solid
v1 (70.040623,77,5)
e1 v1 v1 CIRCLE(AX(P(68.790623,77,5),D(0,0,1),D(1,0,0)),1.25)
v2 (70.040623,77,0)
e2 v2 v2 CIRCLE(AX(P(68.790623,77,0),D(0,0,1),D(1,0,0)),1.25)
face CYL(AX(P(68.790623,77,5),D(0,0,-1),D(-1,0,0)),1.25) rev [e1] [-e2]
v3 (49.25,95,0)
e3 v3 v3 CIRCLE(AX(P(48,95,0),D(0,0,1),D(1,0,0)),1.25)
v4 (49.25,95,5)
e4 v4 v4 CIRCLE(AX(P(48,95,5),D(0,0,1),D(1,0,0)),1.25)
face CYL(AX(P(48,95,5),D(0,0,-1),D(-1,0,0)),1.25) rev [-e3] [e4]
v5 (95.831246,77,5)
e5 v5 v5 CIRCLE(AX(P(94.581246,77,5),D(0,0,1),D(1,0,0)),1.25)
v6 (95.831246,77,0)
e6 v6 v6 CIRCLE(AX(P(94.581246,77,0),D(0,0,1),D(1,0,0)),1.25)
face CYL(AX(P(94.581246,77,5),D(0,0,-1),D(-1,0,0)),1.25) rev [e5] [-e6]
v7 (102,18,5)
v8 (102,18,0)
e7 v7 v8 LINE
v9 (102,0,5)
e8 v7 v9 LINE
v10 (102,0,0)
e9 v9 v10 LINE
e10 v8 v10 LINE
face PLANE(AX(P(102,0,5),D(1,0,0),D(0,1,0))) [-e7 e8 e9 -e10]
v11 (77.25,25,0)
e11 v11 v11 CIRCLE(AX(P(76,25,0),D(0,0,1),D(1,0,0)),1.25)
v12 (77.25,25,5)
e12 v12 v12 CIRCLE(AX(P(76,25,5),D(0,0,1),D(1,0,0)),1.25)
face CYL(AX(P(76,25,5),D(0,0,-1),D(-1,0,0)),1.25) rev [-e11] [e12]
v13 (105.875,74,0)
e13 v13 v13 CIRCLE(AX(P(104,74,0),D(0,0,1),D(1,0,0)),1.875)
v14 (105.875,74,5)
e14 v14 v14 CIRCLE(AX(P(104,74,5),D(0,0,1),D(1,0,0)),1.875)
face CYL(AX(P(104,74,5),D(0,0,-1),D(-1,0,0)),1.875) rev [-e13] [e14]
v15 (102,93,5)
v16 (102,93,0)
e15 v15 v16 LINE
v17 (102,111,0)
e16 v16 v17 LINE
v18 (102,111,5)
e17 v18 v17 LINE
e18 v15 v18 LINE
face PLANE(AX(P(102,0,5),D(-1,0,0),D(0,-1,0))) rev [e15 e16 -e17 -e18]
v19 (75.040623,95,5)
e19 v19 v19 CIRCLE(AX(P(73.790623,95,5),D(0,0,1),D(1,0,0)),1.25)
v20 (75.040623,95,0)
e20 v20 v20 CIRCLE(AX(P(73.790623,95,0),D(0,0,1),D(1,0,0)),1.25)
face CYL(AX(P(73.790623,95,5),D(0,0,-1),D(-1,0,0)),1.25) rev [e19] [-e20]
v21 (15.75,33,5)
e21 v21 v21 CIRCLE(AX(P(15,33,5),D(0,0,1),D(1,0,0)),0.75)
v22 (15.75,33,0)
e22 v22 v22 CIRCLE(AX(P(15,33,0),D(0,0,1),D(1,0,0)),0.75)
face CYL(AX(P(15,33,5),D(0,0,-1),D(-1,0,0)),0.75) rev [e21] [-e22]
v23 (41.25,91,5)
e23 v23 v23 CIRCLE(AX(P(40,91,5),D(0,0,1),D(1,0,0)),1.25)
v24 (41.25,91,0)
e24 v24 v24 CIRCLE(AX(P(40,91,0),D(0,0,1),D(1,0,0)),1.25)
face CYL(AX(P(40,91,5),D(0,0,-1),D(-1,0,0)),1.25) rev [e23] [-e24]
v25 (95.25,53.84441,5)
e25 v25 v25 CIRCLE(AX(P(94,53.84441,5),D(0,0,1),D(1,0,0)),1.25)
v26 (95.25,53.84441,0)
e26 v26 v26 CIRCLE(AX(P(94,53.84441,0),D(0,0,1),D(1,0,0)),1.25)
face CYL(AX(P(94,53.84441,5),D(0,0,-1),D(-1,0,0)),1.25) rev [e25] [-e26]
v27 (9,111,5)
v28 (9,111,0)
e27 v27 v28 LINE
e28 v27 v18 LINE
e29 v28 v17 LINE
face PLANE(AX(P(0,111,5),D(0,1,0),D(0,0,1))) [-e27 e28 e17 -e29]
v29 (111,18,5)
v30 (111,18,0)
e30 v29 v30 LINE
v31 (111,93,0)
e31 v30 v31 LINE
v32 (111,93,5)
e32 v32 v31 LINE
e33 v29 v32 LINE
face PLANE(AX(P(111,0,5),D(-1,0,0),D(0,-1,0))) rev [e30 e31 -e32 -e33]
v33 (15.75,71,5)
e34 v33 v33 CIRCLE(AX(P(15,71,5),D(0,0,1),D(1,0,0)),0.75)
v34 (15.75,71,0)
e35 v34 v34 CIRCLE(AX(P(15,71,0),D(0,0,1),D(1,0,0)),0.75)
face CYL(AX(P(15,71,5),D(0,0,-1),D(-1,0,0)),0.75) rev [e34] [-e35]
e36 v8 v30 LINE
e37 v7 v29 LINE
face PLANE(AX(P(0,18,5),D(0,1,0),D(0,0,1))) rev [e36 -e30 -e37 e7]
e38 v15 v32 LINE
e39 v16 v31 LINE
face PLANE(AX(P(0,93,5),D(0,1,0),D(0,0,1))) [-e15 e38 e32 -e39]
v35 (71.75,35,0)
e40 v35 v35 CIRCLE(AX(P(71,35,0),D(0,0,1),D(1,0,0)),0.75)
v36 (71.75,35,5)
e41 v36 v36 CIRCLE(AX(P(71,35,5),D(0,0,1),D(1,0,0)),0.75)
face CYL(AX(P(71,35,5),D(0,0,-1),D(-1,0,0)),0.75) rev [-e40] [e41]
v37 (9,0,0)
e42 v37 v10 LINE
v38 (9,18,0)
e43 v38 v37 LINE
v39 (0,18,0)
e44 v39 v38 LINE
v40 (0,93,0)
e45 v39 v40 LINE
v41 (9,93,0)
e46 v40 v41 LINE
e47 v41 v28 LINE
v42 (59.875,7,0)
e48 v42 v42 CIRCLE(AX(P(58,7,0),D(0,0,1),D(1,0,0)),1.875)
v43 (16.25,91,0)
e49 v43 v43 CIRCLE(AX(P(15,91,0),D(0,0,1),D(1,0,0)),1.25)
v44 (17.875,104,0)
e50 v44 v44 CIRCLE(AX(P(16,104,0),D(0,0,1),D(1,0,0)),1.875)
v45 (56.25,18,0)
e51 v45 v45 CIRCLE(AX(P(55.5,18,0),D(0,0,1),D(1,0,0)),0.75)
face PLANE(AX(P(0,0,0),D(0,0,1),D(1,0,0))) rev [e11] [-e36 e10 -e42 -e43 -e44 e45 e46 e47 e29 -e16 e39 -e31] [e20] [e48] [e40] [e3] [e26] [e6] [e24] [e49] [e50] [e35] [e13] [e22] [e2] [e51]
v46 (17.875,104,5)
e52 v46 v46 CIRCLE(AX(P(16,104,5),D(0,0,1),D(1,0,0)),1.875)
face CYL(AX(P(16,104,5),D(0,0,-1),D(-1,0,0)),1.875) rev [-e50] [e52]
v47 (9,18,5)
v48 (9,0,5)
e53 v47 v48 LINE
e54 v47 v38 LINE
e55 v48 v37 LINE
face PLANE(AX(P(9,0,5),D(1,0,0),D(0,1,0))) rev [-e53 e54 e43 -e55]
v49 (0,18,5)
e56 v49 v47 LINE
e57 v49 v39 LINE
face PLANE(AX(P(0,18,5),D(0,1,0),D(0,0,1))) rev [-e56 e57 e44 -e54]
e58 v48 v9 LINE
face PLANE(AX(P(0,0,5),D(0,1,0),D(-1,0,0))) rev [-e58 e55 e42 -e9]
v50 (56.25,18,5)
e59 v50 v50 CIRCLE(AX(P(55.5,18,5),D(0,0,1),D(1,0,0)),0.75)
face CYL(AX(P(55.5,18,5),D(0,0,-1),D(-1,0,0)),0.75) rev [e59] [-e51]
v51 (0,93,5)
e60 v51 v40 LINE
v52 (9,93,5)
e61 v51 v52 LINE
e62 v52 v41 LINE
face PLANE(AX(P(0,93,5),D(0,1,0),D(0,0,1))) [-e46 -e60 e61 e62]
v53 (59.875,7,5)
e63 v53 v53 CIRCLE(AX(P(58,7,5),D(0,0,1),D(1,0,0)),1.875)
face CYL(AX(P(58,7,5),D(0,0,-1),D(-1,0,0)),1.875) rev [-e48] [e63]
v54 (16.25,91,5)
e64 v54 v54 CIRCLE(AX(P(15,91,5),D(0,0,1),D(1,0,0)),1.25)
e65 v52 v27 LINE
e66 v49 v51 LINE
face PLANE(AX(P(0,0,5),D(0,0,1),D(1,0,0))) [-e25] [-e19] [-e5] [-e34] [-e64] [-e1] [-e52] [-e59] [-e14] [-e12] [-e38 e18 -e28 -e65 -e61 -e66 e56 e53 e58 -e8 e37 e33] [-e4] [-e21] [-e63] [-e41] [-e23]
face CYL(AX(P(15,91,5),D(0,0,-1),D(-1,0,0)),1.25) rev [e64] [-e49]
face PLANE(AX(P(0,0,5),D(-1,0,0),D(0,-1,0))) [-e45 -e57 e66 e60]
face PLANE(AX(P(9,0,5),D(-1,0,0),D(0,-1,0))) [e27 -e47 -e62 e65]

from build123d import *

# Parameters (mm, degrees)
SZKIC2_R                    = 0.75
SZKIC2_R_2                  = 1.875
SZKIC2_R_3                  = 1.25
DODANIE_WYCI_GNI_CIE1_DEPTH = 5


with BuildPart() as part:
    # Szkic2 → Dodanie-wyciągnięcie1 (new body)
    with BuildSketch(Plane.XY):
        Polygon((9, 18), (9, 0), (102, 0), (102, 18), (111, 18), (111, 93), (102, 93), (102, 111), (9, 111), (9, 93), (0, 93), (0, 18), align=None)
        with Locations((15, 33)):
            Circle(SZKIC2_R, mode=Mode.SUBTRACT)
        with Locations((58, 7)):
            Circle(SZKIC2_R_2, mode=Mode.SUBTRACT)
        with Locations((55.5, 18)):
            Circle(SZKIC2_R, mode=Mode.SUBTRACT)
        with Locations((76, 25)):
            Circle(SZKIC2_R_3, mode=Mode.SUBTRACT)
        with Locations((71, 35)):
            Circle(SZKIC2_R, mode=Mode.SUBTRACT)
        with Locations((94, 53.844410204)):
            Circle(SZKIC2_R_3, mode=Mode.SUBTRACT)
        with Locations((15, 71)):
            Circle(SZKIC2_R, mode=Mode.SUBTRACT)
        with Locations((15, 91)):
            Circle(SZKIC2_R_3, mode=Mode.SUBTRACT)
        with Locations((16, 104)):
            Circle(SZKIC2_R_2, mode=Mode.SUBTRACT)
        with Locations((40, 91)):
            Circle(SZKIC2_R_3, mode=Mode.SUBTRACT)
        with Locations((48, 95)):
            Circle(SZKIC2_R_3, mode=Mode.SUBTRACT)
        with Locations((68.790622886, 77)):
            Circle(SZKIC2_R_3, mode=Mode.SUBTRACT)
        with Locations((94.581245773, 77)):
            Circle(SZKIC2_R_3, mode=Mode.SUBTRACT)
        with Locations((104, 74)):
            Circle(SZKIC2_R_2, mode=Mode.SUBTRACT)
        with Locations((73.790622886, 95)):
            Circle(SZKIC2_R_3, mode=Mode.SUBTRACT)
    extrude(amount=DODANIE_WYCI_GNI_CIE1_DEPTH)


solid = part.part
